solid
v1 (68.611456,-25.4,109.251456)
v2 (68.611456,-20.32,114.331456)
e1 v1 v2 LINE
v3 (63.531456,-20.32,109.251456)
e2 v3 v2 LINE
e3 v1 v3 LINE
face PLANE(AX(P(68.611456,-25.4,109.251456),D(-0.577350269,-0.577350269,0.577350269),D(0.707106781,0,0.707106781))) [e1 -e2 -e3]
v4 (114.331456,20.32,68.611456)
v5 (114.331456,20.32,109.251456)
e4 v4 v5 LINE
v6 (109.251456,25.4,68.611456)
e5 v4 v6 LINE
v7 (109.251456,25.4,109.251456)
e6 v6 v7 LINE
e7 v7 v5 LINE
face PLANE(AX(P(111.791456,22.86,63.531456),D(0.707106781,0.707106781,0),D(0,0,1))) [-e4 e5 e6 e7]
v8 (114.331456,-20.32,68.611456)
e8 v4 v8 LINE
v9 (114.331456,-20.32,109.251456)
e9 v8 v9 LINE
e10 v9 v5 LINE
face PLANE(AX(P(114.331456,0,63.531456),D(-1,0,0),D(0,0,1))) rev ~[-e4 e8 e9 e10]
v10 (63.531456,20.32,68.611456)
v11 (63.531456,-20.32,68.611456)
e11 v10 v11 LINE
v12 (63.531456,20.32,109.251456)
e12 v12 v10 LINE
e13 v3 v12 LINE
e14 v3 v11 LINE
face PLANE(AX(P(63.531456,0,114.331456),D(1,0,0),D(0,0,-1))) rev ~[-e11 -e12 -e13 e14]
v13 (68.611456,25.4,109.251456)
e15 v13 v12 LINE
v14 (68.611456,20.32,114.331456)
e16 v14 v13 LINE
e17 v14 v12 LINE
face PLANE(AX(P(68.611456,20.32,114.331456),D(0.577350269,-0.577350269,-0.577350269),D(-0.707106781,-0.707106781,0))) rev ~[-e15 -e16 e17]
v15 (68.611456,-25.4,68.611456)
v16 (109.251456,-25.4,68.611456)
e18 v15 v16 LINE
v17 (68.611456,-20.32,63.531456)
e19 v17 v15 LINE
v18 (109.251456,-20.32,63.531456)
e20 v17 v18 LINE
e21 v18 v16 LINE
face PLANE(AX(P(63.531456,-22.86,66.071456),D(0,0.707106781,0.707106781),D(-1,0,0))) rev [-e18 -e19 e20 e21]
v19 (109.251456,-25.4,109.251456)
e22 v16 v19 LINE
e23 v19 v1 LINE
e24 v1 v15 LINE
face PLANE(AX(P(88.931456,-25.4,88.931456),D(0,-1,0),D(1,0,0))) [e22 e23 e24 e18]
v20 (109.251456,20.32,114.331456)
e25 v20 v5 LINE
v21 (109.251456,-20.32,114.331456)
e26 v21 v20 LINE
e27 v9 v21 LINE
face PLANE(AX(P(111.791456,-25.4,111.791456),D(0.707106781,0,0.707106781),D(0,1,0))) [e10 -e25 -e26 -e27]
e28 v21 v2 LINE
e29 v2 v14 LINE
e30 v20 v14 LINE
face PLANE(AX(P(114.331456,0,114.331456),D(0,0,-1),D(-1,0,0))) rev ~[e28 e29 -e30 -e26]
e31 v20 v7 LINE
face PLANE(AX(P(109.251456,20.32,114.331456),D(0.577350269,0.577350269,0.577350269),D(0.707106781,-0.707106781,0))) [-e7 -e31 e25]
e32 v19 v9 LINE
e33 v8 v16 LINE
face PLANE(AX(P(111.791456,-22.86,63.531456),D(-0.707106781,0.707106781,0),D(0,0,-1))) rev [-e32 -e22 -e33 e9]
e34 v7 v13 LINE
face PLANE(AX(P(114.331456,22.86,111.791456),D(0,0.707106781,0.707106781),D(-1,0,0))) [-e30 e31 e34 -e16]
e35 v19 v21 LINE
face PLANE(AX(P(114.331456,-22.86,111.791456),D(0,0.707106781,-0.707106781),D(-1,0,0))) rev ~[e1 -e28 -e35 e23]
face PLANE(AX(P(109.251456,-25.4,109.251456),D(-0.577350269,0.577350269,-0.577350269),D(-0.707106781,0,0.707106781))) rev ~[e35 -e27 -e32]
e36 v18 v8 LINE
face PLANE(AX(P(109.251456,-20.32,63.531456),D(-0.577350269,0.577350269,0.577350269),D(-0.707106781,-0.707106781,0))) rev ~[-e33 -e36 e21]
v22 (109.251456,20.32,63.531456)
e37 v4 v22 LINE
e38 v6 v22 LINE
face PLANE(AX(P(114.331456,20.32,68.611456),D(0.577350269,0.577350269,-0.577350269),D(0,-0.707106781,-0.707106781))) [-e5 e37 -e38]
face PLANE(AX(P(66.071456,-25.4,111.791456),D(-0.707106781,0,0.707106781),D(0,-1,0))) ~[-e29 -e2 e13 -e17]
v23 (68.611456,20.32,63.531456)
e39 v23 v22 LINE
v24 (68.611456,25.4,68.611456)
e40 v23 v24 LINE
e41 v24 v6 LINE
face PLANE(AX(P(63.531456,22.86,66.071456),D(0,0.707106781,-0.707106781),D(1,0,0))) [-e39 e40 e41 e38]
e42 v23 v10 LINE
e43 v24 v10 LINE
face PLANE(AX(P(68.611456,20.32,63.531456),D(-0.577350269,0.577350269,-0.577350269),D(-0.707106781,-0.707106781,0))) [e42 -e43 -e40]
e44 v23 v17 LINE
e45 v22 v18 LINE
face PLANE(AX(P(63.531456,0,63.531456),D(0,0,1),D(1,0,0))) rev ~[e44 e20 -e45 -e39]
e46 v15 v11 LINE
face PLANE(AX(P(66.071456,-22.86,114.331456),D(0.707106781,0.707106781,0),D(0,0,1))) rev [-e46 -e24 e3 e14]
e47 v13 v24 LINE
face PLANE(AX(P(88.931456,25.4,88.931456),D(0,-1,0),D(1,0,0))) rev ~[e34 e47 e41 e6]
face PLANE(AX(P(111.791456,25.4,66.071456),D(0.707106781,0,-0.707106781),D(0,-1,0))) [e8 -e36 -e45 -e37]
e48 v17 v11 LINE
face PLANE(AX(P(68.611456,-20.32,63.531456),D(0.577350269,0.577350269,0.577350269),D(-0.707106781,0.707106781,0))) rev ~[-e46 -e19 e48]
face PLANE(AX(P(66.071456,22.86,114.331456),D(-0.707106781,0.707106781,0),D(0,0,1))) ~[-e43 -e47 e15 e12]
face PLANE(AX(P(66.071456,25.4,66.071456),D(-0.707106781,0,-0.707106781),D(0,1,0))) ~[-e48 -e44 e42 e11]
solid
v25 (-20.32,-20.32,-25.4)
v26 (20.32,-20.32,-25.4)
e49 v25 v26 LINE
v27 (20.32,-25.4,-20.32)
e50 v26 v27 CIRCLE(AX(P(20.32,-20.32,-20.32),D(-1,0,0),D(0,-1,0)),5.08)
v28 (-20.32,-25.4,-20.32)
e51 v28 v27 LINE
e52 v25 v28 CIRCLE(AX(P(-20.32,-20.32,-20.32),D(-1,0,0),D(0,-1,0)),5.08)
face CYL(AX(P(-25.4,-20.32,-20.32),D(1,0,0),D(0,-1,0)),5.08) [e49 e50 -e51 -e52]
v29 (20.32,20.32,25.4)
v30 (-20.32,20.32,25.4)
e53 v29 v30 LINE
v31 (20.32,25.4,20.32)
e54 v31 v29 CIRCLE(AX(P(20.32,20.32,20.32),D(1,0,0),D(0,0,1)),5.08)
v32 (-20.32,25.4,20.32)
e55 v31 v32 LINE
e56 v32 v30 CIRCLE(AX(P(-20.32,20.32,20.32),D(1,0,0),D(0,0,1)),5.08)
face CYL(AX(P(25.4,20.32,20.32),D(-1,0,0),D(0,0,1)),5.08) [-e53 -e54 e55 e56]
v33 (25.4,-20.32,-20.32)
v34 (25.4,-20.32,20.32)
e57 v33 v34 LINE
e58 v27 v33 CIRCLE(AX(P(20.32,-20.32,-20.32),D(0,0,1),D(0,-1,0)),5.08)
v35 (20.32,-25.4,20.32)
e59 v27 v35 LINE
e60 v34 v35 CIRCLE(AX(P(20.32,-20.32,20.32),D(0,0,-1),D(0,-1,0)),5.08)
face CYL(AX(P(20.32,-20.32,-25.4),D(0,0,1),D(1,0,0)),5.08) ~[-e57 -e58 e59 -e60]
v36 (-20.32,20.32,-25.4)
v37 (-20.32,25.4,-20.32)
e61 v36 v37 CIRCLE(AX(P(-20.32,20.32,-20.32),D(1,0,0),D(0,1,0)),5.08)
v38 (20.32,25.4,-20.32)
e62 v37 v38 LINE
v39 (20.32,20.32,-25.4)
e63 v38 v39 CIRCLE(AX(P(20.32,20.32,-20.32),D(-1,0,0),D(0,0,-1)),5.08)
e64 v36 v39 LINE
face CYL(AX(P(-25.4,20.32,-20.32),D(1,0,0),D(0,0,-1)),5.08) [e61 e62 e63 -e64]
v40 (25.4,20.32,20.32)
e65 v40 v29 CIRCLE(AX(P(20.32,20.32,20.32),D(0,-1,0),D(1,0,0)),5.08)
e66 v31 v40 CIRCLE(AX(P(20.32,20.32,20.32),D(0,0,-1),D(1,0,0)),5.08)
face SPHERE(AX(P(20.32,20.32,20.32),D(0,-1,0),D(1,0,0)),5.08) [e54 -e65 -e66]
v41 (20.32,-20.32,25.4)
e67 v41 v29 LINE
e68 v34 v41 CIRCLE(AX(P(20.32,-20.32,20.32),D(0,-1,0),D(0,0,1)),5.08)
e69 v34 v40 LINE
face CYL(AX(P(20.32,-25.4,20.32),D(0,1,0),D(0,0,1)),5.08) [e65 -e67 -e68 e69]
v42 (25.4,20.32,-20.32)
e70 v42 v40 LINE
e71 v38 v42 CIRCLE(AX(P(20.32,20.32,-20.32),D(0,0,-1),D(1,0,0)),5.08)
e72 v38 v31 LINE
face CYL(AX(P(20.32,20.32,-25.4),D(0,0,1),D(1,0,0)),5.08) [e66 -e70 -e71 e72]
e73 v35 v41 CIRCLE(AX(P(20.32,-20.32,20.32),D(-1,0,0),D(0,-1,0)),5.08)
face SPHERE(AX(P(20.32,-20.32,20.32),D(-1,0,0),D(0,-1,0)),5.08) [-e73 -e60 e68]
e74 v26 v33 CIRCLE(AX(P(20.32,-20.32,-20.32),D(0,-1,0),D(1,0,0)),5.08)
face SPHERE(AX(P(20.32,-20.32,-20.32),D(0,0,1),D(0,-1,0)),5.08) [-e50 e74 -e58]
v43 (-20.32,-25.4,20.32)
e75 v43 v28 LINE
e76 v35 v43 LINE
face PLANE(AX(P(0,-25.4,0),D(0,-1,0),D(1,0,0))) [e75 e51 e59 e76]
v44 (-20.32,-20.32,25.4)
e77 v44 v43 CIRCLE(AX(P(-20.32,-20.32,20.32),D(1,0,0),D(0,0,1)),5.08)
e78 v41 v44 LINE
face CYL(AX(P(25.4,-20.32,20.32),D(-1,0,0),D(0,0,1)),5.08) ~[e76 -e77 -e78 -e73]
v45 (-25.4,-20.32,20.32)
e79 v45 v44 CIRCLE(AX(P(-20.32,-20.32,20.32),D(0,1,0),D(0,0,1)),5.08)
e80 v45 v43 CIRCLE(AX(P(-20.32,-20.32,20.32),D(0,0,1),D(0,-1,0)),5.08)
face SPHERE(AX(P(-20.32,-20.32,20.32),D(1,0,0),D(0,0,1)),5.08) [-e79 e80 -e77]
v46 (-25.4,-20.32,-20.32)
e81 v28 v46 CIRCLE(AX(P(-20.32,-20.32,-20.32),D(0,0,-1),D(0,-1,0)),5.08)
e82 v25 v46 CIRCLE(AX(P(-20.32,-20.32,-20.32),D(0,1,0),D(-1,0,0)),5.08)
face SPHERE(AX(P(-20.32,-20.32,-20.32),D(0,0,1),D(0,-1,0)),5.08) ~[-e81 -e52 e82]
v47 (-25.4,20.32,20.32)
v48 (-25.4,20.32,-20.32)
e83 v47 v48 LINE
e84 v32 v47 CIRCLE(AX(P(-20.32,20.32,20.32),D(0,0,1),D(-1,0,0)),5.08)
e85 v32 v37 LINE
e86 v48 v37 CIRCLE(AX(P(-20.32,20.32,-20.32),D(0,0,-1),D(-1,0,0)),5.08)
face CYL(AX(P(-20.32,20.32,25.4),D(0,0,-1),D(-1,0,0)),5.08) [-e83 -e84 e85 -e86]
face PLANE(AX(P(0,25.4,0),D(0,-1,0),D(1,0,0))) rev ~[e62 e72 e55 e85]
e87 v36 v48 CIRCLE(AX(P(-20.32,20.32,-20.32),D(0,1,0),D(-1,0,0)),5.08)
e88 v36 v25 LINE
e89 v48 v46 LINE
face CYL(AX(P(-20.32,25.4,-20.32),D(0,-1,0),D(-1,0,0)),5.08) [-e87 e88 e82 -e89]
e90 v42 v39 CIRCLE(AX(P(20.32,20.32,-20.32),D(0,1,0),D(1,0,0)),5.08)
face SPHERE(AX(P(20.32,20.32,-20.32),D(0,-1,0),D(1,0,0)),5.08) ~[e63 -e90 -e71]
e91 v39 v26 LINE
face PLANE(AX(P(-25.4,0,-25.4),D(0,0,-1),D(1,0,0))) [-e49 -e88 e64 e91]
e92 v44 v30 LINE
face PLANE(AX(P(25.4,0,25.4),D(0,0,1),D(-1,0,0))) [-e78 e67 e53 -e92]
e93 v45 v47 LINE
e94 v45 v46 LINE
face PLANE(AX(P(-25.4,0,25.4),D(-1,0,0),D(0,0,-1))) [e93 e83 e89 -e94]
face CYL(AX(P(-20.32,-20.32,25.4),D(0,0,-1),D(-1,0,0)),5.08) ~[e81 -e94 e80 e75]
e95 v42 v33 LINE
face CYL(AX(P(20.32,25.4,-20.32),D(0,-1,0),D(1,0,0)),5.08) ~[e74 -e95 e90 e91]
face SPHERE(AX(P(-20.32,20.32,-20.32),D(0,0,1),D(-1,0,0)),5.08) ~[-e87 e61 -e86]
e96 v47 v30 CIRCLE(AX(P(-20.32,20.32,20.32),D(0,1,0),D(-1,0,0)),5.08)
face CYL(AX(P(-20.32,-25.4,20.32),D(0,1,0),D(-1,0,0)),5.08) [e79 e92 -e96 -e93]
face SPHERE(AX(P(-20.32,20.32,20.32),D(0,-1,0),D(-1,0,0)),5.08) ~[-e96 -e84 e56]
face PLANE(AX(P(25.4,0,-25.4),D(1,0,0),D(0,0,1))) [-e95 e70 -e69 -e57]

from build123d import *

# Parameters (mm, degrees)
F1_DEPTH = 25.4
F2_R     = 5.08
F3_SIZE  = 5.08


with BuildPart() as f1:
    # F0 (on Front) → F1 (new body, symmetric)
    with BuildSketch(Plane.XZ):
        Polygon((63.531456, 114.331456), (63.531456, 107.981456), (63.531456, 69.881456), (63.531456, 63.531456), (114.331456, 63.531456), (114.331456, 114.331456), align=None)
        Polygon((-19.05, 25.4), (-25.4, 25.4), (-25.4, -25.4), (25.4, -25.4), (25.4, 25.4), (19.05, 25.4), align=None)
    extrude(amount=F1_DEPTH, both=True)

    # F2
    f2_edges = [f1.edges().sort_by_distance(p)[0] for p in [
        (0, -25.4, 25.4),
        (25.4, -25.4, 0),
        (25.4, 0, 25.4),
        (-25.4, 0, 25.4),
        (-25.4, -25.4, 0),
        (0, -25.4, -25.4),
        (25.4, 0, -25.4),
        (25.4, 25.4, 0),
        (-25.4, 25.4, 0),
        (-25.4, 0, -25.4),
        (0, 25.4, -25.4),
        (0, 25.4, 25.4),
    ]]
    fillet(f2_edges, radius=F2_R)

    # F3
    f3_edges = [f1.edges().sort_by_distance(p)[0] for p in [
        (63.531456, 25.4, 88.931456),
        (88.931456, 25.4, 63.531456),
        (114.331456, 25.4, 88.931456),
        (88.931456, 25.4, 114.331456),
        (63.531456, 0, 114.331456),
        (114.331456, 0, 114.331456),
        (114.331456, -25.4, 88.931456),
        (114.331456, 0, 63.531456),
        (63.531456, -25.4, 88.931456),
        (88.931456, -25.4, 63.531456),
        (88.931456, -25.4, 114.331456),
        (63.531456, 0, 63.531456),
    ]]
    chamfer(f3_edges, length=F3_SIZE)


solid = f1.part
